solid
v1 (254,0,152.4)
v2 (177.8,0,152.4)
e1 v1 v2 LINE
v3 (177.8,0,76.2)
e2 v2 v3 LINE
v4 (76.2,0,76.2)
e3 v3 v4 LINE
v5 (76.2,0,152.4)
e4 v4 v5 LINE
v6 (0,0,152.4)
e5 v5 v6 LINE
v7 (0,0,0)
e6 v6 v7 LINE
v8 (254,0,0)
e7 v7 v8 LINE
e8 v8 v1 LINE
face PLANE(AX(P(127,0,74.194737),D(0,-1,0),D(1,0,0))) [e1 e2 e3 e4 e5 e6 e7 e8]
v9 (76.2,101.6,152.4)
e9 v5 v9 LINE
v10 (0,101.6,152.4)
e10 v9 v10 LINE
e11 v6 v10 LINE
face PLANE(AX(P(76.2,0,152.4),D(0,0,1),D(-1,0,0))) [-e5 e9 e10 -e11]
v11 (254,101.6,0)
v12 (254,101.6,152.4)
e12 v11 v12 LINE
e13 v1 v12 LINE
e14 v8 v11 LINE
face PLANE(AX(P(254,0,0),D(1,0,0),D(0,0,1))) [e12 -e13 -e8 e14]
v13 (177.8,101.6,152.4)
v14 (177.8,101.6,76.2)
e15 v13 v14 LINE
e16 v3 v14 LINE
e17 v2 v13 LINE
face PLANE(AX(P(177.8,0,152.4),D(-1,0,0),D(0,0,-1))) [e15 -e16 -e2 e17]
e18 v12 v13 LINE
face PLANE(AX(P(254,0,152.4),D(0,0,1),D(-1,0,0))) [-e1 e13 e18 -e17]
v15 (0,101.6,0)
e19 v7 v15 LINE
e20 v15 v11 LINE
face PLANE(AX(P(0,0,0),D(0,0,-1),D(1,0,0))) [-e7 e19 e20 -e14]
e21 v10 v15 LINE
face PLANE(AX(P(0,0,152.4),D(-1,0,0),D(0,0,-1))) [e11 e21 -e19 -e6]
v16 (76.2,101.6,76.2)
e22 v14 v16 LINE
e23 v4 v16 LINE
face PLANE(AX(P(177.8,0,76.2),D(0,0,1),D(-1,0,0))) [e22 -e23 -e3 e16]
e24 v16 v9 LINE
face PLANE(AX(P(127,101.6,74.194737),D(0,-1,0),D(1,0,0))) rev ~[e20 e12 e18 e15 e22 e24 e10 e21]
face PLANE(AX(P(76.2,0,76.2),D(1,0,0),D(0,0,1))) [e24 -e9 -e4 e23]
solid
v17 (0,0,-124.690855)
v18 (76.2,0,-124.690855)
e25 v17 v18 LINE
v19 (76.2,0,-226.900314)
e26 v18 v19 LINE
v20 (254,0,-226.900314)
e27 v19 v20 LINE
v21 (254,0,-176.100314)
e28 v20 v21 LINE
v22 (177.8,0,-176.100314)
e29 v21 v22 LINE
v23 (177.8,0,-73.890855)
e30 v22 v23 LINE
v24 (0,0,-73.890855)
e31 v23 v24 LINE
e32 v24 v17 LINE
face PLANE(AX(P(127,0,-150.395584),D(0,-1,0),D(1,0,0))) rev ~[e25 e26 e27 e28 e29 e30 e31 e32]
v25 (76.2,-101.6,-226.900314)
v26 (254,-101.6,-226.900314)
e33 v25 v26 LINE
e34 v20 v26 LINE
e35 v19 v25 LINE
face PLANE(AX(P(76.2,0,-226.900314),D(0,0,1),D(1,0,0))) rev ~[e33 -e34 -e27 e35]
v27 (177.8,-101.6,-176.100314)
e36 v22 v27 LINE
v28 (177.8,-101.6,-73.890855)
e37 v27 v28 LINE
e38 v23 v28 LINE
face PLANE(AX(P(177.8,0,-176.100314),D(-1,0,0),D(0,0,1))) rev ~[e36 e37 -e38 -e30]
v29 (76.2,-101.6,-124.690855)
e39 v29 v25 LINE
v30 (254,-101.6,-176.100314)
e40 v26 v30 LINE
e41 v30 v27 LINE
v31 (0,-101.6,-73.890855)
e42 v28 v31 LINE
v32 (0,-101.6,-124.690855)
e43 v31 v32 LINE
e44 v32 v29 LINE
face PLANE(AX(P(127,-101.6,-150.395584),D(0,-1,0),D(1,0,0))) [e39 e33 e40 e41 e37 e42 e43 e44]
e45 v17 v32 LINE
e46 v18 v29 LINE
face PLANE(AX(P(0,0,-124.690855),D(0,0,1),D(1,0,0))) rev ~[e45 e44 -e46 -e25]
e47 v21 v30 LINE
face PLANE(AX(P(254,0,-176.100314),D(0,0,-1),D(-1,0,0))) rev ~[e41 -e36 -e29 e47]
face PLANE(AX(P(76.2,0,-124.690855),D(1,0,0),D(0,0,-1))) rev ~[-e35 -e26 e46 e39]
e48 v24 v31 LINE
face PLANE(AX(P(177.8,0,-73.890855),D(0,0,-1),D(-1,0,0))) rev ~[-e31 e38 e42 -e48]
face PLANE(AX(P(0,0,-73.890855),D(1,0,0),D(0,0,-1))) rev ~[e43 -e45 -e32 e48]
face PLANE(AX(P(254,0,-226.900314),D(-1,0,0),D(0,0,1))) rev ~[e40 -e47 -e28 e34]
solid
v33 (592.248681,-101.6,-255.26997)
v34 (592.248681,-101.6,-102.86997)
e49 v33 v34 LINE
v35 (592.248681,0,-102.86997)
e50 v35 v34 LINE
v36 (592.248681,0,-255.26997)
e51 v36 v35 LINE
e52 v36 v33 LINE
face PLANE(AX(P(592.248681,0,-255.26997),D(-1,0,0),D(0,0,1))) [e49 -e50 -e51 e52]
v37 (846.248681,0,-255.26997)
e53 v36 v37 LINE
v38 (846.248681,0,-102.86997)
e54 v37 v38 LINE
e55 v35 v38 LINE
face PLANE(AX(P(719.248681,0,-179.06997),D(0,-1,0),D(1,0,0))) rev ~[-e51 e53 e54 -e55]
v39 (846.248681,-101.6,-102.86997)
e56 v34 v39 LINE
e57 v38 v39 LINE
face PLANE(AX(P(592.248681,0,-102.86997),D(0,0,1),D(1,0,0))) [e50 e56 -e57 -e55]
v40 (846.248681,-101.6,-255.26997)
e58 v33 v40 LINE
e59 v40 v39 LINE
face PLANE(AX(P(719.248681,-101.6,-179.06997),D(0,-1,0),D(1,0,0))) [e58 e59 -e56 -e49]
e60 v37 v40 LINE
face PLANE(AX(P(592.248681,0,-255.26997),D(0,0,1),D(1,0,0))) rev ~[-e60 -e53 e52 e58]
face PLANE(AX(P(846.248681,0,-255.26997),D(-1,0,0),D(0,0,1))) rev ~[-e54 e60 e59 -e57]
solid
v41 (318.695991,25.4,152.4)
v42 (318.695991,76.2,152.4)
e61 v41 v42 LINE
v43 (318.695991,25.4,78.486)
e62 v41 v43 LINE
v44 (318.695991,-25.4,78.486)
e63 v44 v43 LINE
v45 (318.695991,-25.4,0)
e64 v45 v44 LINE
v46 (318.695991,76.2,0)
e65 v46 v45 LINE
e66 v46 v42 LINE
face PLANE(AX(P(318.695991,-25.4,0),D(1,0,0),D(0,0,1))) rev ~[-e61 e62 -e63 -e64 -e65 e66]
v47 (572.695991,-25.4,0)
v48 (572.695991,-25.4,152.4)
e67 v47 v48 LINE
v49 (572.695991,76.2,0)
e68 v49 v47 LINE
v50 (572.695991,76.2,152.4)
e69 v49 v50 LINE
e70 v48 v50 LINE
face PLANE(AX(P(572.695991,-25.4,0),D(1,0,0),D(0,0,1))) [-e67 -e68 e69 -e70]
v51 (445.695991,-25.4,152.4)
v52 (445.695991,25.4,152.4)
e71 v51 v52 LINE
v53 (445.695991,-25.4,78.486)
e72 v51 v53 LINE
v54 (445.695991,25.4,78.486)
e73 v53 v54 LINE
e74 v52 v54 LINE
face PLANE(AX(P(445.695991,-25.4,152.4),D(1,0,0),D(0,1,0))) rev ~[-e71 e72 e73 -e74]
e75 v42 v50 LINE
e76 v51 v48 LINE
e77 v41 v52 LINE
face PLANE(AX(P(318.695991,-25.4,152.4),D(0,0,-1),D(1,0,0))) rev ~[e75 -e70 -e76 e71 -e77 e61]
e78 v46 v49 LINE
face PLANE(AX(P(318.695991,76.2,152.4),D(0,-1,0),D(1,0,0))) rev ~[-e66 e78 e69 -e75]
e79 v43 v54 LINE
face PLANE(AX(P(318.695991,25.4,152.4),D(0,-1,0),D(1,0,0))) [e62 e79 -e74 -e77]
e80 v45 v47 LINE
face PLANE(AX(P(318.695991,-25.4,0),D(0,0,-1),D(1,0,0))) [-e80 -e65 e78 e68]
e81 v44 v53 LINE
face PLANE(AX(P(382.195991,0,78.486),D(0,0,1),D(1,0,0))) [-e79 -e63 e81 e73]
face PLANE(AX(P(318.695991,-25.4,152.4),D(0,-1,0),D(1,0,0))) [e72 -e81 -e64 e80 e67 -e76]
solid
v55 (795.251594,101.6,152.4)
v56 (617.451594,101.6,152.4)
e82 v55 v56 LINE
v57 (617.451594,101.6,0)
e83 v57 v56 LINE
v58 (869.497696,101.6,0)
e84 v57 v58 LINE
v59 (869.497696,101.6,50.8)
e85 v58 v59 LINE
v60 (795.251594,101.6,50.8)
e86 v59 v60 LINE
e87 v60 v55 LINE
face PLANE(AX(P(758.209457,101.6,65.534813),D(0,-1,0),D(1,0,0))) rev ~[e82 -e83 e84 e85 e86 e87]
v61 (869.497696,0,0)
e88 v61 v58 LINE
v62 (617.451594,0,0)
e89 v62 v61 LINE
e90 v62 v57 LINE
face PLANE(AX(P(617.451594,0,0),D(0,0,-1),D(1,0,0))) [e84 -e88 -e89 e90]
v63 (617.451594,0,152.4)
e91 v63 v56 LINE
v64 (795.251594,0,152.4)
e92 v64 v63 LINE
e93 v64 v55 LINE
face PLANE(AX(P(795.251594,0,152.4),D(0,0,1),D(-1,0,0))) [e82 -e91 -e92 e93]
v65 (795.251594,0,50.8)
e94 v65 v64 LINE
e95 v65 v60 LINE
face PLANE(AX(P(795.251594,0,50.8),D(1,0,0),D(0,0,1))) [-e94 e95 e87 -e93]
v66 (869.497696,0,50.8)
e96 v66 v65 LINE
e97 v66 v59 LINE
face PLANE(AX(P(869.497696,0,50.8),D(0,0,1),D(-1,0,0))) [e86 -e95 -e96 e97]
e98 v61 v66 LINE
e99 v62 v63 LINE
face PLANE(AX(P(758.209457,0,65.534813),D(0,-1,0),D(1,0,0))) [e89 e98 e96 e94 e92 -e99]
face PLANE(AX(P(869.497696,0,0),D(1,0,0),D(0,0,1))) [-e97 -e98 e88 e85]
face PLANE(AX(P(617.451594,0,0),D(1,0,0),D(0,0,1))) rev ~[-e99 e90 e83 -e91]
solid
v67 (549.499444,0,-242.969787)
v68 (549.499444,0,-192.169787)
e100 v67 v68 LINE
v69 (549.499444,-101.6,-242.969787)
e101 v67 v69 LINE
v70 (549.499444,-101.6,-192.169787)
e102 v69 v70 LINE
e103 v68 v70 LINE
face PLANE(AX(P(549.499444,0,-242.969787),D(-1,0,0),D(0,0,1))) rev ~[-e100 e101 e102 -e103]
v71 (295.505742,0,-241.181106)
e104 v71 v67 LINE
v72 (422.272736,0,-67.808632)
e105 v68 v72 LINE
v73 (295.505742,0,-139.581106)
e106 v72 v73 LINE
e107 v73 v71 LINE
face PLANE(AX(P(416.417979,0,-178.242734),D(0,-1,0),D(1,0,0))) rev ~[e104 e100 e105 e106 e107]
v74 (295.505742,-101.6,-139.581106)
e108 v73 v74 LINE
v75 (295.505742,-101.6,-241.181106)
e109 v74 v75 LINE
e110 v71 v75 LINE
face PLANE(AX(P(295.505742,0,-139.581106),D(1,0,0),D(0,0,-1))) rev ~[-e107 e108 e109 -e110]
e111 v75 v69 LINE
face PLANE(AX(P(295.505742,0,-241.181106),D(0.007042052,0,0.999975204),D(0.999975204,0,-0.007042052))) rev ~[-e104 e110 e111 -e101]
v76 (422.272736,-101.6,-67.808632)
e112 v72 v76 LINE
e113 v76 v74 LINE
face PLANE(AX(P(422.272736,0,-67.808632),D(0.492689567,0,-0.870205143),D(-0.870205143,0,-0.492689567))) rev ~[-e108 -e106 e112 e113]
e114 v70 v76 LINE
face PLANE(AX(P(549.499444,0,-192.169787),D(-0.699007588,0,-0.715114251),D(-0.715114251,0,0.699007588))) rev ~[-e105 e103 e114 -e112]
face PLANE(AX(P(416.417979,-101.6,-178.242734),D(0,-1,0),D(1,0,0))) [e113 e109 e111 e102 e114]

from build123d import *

# Parameters (mm, degrees)
F1_DEPTH  = 101.6
F2_W      = 254
F2_H      = 152.4
F3_DEPTH  = 25.4
F4_DEPTH  = 25.4
F5_DEPTH  = 101.6
F6_W      = 127
F6_H      = 50.8
F7_DEPTH  = 73.914
F8_W      = 50.8
F8_H      = 152.4
F9_DEPTH  = 101.6
F11_DEPTH = 101.6
F13_DEPTH = 101.6
F14_W     = 254
F14_H     = 152.4
F14_W_2   = 203.2
F14_H_2   = 101.6
F15_DEPTH = 101.6


with BuildPart() as f1:
    # F0 (on Front) → F1 (new body)
    with BuildSketch(Plane.XZ):
        Polygon((0, 152.4), (0, 0), (254, 0), (254, 152.4), (177.8, 152.4), (177.8, 76.2), (76.2, 76.2), (76.2, 152.4), align=None)
    extrude(amount=-F1_DEPTH)


with BuildPart() as f3:
    # F2 (on Front) → F3 (new body)
    with BuildSketch(Plane.XZ):
        with Locations((445.69599095, 76.2)):
            Rectangle(F2_W, F2_H)
    extrude(amount=F3_DEPTH)

    # F4 (add): a face of the model
    f4_faces = [f3.faces().sort_by_distance(p)[0] for p in [
        (445.69599095, -12.7, 152.4),
    ]]
    extrude(f4_faces, amount=-F4_DEPTH)

    # F5 (add): a face of the model
    f5_faces = [f3.faces().sort_by_distance(p)[0] for p in [
        (445.69599095, -25.4, 76.2),
    ]]
    extrude(f5_faces, amount=-F5_DEPTH)

    # F6 (on face) → F7 (cut)
    with BuildSketch(Plane.XY.offset(152.4)):
        with Locations((382.19599095, 0)):
            Rectangle(F6_W, F6_H)
    extrude(amount=-F7_DEPTH, mode=Mode.SUBTRACT)


with BuildPart() as f9:
    # F8 (on Front) → F9 (new body)
    with BuildSketch(Plane.XZ):
        Polygon((668.2515941393, 152.4), (668.2515941393, 0), (869.4976955753, 0), (869.4976955753, 50.8), (795.2515941393, 50.8), (795.2515941393, 152.4), align=None)
        with Locations((642.8515941393, 76.2)):
            Rectangle(F8_W, F8_H)
    extrude(amount=-F9_DEPTH)


with BuildPart() as f11:
    # F10 (on Front) → F11 (new body)
    with BuildSketch(Plane.XZ):
        Polygon((177.8, -73.8908549448), (0, -73.8908549448), (0, -124.6908549448), (76.2, -124.6908549448), (76.2, -226.9003139168), (254, -226.9003139168), (254, -176.1003139168), (177.8, -176.1003139168), align=None)
    extrude(amount=F11_DEPTH)


with BuildPart() as f13:
    # F12 (on Front) → F13 (new body)
    with BuildSketch(Plane.XZ):
        Polygon((295.5057420384, -139.5811057088), (295.5057420384, -241.1811057088), (549.4994439671, -242.9697869319), (549.4994439671, -192.1697869319), (422.2727364604, -67.8086321592), align=None)
    extrude(amount=F13_DEPTH)


with BuildPart() as f15:
    # F14 (on Front) → F15 (new body)
    with BuildSketch(Plane.XZ):
        with Locations((719.2486805237, -179.0699698031)):
            Rectangle(F14_W, F14_H)
        with Locations((719.2486805237, -179.0699698031)):
            Rectangle(F14_W_2, F14_H_2, mode=Mode.SUBTRACT)
        with Locations((719.2486805237, -179.0699698031)):
            Rectangle(F14_W_2, F14_H_2)
    extrude(amount=F15_DEPTH)


solid = Compound([f1.part, f3.part, f9.part, f11.part, f13.part, f15.part])
